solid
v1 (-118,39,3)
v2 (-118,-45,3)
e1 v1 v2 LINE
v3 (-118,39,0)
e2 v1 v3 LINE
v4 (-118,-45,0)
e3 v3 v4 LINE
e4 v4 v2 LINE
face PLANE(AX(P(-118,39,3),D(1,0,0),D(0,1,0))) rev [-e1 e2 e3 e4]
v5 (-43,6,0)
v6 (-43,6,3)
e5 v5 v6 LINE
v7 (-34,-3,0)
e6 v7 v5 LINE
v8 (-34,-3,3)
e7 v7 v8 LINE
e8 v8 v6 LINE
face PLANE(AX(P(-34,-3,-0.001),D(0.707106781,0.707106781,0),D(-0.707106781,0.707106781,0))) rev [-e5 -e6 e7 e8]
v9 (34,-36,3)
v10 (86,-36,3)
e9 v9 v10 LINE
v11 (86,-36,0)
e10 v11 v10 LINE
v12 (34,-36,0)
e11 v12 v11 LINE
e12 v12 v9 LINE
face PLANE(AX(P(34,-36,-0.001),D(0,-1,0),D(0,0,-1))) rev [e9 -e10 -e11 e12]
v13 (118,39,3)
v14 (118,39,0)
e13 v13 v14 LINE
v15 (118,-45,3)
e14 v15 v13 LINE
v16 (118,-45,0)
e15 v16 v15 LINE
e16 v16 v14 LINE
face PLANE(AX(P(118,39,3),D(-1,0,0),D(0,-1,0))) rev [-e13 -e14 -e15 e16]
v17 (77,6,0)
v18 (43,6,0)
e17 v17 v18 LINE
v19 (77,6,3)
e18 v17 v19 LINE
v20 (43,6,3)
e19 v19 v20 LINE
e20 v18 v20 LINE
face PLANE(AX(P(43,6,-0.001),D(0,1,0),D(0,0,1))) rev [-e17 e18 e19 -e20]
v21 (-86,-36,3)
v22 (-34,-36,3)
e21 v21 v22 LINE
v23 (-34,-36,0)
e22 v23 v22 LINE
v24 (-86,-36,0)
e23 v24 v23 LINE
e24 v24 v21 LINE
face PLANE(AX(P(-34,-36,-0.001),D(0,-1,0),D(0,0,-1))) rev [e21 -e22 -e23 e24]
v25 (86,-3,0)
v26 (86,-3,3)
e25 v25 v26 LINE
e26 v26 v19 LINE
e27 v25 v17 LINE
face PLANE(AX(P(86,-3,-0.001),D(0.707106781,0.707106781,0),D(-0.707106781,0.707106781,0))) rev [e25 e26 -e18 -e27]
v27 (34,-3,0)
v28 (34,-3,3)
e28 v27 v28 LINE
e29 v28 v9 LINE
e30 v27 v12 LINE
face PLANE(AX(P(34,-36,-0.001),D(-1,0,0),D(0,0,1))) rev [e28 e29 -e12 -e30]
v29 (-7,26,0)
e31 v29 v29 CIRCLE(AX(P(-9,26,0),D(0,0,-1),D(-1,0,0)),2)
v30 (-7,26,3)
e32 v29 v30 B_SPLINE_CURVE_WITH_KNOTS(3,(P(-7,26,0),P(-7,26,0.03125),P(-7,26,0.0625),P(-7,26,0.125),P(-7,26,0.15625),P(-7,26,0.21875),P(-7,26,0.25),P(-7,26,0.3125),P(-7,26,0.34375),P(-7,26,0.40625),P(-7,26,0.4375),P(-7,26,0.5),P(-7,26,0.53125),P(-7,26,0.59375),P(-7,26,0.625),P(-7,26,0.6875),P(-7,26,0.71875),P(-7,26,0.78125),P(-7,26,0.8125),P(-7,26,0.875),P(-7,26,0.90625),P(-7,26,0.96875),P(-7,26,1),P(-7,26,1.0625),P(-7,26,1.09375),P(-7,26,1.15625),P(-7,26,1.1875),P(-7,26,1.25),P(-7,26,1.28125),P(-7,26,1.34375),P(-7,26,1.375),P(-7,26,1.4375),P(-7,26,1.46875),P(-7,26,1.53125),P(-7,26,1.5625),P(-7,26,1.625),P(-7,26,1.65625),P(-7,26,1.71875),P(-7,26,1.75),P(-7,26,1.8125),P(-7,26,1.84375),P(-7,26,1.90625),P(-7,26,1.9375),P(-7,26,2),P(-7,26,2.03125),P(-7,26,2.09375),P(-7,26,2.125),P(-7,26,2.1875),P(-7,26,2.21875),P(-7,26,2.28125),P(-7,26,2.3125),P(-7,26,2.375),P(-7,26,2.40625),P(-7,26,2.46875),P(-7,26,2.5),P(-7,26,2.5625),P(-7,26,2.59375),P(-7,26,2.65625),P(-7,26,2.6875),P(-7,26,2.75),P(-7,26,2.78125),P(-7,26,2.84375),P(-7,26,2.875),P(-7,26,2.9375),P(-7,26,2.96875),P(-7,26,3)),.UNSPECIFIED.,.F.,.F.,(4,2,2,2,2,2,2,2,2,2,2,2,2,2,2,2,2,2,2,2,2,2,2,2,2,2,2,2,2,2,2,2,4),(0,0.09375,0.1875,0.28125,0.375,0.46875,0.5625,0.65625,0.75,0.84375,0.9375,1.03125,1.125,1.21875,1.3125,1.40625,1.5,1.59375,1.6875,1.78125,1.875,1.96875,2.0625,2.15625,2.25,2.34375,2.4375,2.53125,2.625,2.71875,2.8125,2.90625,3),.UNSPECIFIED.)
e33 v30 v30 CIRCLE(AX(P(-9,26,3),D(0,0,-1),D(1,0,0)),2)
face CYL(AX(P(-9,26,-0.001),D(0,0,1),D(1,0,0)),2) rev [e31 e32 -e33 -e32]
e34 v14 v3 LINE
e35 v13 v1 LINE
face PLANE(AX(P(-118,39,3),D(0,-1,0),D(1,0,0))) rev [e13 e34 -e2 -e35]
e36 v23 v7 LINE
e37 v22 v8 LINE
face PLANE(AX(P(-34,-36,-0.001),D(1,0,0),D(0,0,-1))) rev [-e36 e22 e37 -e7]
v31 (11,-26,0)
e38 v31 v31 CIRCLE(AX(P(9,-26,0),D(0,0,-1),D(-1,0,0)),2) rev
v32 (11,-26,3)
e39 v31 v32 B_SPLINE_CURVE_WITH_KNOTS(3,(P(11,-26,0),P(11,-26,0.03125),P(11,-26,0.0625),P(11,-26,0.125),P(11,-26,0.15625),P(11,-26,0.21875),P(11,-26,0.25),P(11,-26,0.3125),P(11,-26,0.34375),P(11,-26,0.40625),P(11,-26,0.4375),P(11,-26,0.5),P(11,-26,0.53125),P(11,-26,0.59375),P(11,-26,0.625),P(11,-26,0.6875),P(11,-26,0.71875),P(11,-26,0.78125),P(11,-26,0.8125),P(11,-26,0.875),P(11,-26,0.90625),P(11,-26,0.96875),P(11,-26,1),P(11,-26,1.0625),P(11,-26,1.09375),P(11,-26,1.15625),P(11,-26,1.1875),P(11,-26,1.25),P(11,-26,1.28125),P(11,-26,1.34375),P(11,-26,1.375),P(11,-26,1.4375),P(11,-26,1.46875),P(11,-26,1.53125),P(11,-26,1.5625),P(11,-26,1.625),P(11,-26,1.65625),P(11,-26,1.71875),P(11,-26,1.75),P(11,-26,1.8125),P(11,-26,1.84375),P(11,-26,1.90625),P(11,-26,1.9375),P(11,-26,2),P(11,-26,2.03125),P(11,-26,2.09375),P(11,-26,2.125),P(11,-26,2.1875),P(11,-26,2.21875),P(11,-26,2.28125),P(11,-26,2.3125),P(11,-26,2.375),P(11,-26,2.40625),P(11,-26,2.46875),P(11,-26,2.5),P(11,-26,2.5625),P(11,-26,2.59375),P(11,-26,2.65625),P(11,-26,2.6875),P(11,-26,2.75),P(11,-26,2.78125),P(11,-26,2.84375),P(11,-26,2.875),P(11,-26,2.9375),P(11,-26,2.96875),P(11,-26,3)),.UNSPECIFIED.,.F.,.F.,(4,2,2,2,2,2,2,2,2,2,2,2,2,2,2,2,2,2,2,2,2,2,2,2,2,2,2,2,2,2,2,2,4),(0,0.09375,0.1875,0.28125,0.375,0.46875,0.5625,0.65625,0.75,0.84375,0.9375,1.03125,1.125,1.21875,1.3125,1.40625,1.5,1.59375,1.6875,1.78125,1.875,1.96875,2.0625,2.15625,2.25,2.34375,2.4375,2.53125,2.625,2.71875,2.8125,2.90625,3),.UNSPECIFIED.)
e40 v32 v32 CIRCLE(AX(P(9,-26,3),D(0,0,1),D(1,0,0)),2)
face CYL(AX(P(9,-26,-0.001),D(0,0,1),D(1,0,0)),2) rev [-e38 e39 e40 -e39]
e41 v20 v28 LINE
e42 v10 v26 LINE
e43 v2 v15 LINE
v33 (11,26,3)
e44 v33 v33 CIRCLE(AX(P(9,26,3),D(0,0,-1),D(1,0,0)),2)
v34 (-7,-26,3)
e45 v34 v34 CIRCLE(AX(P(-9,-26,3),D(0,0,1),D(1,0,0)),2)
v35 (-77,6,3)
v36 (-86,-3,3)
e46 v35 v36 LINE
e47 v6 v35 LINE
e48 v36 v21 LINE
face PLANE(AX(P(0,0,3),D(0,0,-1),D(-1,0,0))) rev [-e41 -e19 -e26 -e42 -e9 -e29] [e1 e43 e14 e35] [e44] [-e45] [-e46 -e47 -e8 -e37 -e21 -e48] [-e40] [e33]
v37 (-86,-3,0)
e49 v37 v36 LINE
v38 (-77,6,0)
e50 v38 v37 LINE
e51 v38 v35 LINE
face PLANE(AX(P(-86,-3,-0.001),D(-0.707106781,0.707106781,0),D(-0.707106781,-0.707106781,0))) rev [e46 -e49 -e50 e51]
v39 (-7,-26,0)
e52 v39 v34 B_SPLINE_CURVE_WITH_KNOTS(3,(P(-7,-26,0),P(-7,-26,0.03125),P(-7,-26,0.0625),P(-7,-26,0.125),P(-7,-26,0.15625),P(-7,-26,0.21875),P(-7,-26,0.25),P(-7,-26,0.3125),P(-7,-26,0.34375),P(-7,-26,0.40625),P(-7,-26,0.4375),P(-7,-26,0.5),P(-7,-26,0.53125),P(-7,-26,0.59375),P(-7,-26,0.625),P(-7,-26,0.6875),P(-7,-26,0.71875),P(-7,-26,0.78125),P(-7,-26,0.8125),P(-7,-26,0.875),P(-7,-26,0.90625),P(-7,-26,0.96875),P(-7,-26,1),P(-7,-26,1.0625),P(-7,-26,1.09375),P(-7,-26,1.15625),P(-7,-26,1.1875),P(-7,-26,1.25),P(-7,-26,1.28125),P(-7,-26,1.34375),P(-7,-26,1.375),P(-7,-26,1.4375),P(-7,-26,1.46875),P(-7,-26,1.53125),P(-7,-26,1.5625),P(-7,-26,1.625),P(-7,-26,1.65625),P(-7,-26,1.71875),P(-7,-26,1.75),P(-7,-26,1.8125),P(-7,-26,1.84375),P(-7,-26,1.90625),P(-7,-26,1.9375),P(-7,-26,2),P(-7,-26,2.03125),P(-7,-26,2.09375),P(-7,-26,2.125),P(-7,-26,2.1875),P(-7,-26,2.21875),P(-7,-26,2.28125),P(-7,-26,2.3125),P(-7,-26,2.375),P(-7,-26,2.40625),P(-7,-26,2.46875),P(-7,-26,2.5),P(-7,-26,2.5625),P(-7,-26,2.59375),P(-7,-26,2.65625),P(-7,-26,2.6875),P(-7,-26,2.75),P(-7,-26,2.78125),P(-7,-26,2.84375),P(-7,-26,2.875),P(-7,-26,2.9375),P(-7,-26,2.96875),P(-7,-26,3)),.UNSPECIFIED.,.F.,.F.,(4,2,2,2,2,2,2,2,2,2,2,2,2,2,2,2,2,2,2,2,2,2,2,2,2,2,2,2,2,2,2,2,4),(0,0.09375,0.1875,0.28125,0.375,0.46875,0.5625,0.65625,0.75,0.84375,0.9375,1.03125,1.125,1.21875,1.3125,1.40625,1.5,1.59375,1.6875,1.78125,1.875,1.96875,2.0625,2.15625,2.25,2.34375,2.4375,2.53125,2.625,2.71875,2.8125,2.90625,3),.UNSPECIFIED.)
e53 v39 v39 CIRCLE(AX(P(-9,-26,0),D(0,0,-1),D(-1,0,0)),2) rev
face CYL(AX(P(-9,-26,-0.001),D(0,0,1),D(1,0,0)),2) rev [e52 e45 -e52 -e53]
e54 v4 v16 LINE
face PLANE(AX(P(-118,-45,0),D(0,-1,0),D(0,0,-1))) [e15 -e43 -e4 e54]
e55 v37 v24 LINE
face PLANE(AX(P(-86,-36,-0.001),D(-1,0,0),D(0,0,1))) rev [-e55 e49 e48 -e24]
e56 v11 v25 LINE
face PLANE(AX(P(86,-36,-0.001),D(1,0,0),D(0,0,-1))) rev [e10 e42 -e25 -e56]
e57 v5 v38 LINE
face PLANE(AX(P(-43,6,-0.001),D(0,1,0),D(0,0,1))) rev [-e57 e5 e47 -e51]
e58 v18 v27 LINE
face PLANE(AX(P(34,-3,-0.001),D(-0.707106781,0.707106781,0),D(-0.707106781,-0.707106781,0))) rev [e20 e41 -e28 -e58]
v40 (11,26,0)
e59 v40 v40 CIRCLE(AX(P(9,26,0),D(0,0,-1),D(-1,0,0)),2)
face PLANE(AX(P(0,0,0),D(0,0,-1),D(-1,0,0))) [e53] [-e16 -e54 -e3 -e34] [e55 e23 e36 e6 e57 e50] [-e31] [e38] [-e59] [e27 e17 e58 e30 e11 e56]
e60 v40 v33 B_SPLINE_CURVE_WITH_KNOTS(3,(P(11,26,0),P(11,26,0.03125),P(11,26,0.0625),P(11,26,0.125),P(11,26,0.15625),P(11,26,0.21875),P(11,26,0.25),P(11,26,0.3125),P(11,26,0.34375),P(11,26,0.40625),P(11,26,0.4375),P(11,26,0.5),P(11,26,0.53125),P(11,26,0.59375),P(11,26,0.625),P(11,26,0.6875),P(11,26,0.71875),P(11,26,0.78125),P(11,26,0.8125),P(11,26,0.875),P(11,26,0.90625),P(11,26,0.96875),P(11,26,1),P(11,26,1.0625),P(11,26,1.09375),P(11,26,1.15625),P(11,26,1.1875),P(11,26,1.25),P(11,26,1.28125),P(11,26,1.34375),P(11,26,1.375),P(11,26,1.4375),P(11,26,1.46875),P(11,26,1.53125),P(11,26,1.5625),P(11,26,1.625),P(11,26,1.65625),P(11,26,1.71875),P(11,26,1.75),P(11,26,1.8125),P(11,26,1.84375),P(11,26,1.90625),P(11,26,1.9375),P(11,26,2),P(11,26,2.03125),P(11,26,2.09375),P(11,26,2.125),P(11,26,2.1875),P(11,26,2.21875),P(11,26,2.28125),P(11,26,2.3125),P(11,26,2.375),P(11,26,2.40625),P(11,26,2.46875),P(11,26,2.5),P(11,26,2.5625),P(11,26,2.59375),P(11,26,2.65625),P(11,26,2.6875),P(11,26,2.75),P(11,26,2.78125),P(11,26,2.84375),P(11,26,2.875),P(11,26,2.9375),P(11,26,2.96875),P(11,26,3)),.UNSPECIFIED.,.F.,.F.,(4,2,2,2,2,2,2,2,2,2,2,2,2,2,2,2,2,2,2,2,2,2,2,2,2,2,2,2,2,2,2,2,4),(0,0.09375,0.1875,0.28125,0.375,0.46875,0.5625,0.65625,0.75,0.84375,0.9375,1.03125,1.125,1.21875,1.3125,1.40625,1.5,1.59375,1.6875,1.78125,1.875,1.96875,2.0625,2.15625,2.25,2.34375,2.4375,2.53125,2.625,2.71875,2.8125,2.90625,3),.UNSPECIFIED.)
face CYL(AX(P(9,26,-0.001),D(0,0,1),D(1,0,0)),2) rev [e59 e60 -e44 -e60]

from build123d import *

# Parameters (mm, degrees)
ESQUISSE1_W             = 236
ESQUISSE1_H             = 78
BOSS_EXTRU_1_DEPTH      = 3
ENL_V_MAT_EXTRU_1_REACH = 126.314
ESQUISSE2_R             = 2
ESQUISSE3_W             = 236
ESQUISSE3_H             = 6
BOSS_EXTRU_2_DEPTH      = 3
ENL_V_MAT_EXTRU_2_REACH = 128.325


with BuildPart() as part:
    # Esquisse1 → Boss.-Extru.1 (new body)
    with BuildSketch(Plane.XY):
        Rectangle(ESQUISSE1_W, ESQUISSE1_H)
    extrude(amount=BOSS_EXTRU_1_DEPTH)

    # Esquisse2 → Enlèv. mat.-Extru.1 (cut, up to next)
    with BuildSketch(Plane.XY.offset(3), mode=Mode.PRIVATE) as enl_v_mat_extru_1_sk1:
        with Locations((9, -26)):
            Circle(ESQUISSE2_R)
    enl_v_mat_extru_1_tool1 = extrude(enl_v_mat_extru_1_sk1.sketch, amount=-ENL_V_MAT_EXTRU_1_REACH, mode=Mode.PRIVATE) & part.part
    # Esquisse2 → Enlèv. mat.-Extru.1 (cut, up to next)
    with BuildSketch(Plane.XY.offset(3), mode=Mode.PRIVATE) as enl_v_mat_extru_1_sk2:
        with Locations((-9, -26)):
            Circle(ESQUISSE2_R)
    enl_v_mat_extru_1_tool2 = extrude(enl_v_mat_extru_1_sk2.sketch, amount=-ENL_V_MAT_EXTRU_1_REACH, mode=Mode.PRIVATE) & part.part
    enl_v_mat_extru_1_1 = enl_v_mat_extru_1_tool1.solids().sort_by_distance((9, -26, 3))[0]
    add(enl_v_mat_extru_1_1, mode=Mode.SUBTRACT)
    enl_v_mat_extru_1_2 = enl_v_mat_extru_1_tool2.solids().sort_by_distance((-9, -26, 3))[0]
    add(enl_v_mat_extru_1_2, mode=Mode.SUBTRACT)
    enl_v_mat_extru_1 = enl_v_mat_extru_1_1 + enl_v_mat_extru_1_2  # Enlèv. mat.-Extru.1 as one shape, for the pattern or mirror that repeats it

    # Symétrie1: Enlèv. mat.-Extru.1 across plane
    add(enl_v_mat_extru_1.mirror(Plane.ZX), mode=Mode.SUBTRACT)

    # Esquisse3 → Boss.-Extru.2 (add)
    with BuildSketch(Plane.XY.offset(3)):
        with Locations((0, -42)):
            Rectangle(ESQUISSE3_W, ESQUISSE3_H)
    extrude(amount=-BOSS_EXTRU_2_DEPTH)

    # Esquisse4 → Enlèv. mat.-Extru.2 (cut, up to next)
    with BuildSketch(Plane.XY.offset(3), mode=Mode.PRIVATE) as enl_v_mat_extru_2_sk1:
        Polygon((34, -36), (34, -3), (43, 6), (77, 6), (86, -3), (86, -36), align=None)
    enl_v_mat_extru_2_tool1 = extrude(enl_v_mat_extru_2_sk1.sketch, amount=-ENL_V_MAT_EXTRU_2_REACH, mode=Mode.PRIVATE) & part.part
    # Esquisse4 → Enlèv. mat.-Extru.2 (cut, up to next)
    with BuildSketch(Plane.XY.offset(3), mode=Mode.PRIVATE) as enl_v_mat_extru_2_sk2:
        Polygon((-86, -3), (-77, 6), (-43, 6), (-34, -3), (-34, -36), (-86, -36), align=None)
    enl_v_mat_extru_2_tool2 = extrude(enl_v_mat_extru_2_sk2.sketch, amount=-ENL_V_MAT_EXTRU_2_REACH, mode=Mode.PRIVATE) & part.part
    add(enl_v_mat_extru_2_tool1.solids().sort_by_distance((60, -15.693295, 3))[0], mode=Mode.SUBTRACT)
    add(enl_v_mat_extru_2_tool2.solids().sort_by_distance((-60, -15.693295, 3))[0], mode=Mode.SUBTRACT)


solid = part.part
